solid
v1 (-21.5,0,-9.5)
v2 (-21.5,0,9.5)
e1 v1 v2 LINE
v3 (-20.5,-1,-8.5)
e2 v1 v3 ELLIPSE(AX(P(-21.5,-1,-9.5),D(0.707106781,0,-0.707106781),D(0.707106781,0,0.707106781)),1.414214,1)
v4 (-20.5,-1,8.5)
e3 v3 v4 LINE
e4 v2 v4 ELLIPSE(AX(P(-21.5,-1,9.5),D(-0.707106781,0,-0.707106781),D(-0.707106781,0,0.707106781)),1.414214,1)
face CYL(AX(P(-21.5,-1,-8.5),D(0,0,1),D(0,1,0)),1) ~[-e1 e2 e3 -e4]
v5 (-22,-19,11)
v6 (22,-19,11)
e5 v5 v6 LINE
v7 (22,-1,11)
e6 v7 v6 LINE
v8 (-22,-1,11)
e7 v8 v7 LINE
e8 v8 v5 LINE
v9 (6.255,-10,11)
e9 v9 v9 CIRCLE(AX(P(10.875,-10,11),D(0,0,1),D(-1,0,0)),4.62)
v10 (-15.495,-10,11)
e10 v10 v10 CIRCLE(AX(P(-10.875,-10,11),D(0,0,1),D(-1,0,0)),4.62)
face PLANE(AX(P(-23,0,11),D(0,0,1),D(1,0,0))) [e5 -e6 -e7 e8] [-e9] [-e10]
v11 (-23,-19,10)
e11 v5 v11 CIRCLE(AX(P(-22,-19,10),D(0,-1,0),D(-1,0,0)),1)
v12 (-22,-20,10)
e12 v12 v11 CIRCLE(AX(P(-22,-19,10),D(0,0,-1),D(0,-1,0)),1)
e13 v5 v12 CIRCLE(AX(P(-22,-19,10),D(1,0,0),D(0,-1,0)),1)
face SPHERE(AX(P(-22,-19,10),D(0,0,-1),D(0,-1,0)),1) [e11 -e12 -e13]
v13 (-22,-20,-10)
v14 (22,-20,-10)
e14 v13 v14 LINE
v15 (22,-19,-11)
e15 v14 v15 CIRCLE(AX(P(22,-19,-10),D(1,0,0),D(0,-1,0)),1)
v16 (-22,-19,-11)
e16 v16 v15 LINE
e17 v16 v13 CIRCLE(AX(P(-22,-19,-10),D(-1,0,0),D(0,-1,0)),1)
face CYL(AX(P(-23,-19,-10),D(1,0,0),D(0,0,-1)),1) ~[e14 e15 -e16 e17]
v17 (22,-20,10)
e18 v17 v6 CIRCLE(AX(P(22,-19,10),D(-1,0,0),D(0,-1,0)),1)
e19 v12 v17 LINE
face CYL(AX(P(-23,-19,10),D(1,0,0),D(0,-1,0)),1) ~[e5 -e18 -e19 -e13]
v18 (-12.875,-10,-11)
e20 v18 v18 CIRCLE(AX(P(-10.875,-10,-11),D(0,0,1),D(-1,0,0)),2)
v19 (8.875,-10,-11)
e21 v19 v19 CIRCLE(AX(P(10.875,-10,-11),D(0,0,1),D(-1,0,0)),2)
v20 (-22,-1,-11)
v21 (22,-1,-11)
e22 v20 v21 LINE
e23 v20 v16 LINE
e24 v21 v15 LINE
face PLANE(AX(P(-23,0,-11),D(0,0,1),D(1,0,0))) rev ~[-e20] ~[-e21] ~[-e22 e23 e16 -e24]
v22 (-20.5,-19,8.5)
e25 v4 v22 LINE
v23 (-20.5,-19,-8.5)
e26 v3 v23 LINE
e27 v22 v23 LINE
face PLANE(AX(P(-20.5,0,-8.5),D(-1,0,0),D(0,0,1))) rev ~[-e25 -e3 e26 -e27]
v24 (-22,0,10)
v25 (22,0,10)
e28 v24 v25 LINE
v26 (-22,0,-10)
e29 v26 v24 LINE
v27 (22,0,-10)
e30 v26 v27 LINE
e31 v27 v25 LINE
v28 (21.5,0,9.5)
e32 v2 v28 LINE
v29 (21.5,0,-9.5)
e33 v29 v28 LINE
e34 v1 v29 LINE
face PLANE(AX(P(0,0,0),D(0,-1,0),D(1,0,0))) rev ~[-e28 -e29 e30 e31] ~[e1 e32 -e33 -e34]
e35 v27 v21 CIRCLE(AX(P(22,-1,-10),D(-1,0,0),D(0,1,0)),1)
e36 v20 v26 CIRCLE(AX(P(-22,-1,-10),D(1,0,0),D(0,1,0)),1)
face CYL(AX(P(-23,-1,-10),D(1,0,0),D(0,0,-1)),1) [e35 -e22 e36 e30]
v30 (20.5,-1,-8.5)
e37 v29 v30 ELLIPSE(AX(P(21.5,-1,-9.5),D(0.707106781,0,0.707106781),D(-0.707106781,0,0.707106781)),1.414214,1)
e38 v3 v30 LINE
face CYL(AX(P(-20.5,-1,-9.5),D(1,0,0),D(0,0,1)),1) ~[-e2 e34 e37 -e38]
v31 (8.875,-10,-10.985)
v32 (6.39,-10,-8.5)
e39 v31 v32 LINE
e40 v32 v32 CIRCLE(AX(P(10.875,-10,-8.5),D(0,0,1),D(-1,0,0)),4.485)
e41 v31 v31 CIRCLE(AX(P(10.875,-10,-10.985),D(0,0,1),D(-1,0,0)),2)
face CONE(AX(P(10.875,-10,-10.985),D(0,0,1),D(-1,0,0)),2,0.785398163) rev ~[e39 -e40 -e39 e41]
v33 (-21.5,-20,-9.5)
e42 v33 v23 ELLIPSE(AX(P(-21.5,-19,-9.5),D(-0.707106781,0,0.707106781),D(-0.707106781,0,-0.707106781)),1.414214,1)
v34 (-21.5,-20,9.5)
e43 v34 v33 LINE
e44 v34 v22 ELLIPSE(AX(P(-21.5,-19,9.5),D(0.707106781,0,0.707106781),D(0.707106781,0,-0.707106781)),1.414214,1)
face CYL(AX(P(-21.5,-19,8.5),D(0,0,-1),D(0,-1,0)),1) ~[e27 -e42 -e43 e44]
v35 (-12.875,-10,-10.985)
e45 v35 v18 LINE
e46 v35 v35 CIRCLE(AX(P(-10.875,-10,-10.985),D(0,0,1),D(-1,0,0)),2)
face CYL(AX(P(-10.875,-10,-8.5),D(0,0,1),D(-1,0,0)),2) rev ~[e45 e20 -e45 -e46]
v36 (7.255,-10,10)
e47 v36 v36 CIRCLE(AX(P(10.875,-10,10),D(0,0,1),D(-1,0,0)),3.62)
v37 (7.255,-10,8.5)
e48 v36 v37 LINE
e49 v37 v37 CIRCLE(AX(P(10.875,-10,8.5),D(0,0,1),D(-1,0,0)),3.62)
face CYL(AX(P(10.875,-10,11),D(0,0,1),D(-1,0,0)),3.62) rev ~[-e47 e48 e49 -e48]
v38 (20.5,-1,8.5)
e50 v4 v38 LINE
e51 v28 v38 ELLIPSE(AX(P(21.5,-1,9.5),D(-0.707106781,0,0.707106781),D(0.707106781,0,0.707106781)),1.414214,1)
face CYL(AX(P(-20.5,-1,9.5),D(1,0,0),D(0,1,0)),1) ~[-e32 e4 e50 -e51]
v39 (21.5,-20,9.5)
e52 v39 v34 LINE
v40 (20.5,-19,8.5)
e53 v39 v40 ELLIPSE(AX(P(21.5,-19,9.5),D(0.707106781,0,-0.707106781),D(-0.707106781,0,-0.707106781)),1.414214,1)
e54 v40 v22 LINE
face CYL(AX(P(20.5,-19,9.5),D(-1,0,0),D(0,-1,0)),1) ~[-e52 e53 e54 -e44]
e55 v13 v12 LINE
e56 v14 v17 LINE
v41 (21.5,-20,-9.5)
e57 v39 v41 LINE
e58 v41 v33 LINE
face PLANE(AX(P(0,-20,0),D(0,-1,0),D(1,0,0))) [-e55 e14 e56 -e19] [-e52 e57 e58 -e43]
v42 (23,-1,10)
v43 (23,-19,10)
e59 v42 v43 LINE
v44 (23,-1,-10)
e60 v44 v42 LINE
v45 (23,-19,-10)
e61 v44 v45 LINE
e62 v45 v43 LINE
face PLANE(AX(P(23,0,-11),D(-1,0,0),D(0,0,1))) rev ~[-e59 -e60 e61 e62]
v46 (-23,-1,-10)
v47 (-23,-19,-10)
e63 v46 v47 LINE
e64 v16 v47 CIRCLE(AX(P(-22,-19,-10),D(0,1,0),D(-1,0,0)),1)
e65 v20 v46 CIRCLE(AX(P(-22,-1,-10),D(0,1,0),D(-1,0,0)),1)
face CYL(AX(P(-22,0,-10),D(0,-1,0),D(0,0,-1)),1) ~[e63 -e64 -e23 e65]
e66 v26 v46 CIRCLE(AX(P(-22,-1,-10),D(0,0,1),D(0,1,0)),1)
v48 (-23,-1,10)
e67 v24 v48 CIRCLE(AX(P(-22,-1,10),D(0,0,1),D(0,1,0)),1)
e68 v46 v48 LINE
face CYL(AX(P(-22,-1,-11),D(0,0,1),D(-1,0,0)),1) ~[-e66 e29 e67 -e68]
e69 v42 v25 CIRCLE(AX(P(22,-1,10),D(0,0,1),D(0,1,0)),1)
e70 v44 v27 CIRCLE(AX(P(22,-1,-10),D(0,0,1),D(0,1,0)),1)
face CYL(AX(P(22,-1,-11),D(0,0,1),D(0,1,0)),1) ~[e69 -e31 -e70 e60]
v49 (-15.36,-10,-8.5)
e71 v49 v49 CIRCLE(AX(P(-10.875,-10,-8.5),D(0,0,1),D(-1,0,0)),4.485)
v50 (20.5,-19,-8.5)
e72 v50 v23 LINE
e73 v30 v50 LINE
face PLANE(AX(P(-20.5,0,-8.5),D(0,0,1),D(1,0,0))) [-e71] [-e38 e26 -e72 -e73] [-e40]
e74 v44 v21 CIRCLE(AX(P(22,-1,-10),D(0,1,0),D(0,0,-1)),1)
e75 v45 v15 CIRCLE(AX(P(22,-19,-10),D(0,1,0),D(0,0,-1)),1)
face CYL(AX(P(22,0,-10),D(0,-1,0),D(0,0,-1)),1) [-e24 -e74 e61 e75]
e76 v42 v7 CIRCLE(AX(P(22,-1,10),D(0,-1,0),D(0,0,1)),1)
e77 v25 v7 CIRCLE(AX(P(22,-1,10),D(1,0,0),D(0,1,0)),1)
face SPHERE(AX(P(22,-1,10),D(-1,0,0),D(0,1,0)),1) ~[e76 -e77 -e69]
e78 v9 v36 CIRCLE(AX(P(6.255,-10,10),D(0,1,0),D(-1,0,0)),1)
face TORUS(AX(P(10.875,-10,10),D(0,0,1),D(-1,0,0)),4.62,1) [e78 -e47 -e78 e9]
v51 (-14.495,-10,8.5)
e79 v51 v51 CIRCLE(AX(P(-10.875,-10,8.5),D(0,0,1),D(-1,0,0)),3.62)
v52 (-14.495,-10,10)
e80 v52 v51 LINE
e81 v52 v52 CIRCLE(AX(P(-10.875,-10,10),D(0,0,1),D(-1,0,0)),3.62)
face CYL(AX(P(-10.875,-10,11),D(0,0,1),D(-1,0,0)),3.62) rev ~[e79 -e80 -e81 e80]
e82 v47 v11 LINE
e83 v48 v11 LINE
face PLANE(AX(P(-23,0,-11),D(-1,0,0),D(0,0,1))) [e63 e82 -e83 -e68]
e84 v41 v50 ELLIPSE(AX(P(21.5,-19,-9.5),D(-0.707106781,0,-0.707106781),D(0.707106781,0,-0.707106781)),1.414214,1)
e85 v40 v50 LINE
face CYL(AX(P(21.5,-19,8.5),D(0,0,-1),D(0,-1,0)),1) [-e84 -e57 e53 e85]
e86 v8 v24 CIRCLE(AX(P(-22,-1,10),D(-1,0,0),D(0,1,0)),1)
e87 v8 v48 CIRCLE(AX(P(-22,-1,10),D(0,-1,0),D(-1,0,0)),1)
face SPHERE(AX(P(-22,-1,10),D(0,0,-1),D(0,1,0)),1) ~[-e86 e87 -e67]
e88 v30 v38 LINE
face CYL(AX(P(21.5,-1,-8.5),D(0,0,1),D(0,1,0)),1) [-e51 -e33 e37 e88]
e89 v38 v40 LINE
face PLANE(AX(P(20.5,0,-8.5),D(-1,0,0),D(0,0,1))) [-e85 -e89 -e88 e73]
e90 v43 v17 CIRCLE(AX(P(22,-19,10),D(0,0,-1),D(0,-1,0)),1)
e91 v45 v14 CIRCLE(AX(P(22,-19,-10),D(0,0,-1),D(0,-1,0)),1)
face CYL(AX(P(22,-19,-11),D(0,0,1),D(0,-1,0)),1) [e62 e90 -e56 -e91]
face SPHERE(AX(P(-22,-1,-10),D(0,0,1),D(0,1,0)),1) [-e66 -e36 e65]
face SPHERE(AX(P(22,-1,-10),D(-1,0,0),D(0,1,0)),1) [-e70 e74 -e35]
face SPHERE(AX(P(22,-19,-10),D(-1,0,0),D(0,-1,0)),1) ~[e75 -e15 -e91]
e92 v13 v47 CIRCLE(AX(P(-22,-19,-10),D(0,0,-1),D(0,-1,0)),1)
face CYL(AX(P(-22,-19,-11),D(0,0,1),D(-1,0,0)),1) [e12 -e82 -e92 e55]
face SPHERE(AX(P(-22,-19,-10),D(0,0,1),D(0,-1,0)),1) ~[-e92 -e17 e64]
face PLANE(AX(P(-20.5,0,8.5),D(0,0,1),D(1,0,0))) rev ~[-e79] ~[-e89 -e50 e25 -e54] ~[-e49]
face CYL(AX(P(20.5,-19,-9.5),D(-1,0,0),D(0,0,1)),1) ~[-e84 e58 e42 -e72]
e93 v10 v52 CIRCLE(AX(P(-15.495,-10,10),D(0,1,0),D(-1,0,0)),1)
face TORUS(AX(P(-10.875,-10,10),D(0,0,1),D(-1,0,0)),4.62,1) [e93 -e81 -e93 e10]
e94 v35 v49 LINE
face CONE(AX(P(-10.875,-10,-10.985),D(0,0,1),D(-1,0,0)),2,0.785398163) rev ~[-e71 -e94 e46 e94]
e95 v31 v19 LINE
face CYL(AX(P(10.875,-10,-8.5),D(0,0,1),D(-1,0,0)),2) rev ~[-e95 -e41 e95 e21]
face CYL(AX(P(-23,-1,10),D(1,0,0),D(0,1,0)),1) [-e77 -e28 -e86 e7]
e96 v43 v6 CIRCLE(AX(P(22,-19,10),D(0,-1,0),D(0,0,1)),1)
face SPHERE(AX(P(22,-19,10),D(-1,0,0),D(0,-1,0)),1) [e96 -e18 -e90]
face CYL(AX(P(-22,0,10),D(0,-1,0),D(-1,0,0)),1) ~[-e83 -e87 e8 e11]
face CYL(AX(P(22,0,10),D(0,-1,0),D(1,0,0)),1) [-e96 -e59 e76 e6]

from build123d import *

# Parameters (mm, degrees)
SKETCH_W          = 46
SKETCH_H          = 22
PAD_DEPTH         = 20
SKETCH001_W       = 41
SKETCH001_H       = 17
POCKET_DEPTH      = 0.001
POCKET_DEPTH_BACK = 20.001
SKETCH002_R       = 3.62
POCKET001_DEPTH   = 3.5
SKETCH003_R       = 2
POCKET002_DEPTH   = 2.5
CHAMFER_SIZE      = 2.485
FILLET_R          = 1


with BuildPart() as part:
    # Sketch → Pad (new body)
    with BuildSketch(Plane.XZ):
        Rectangle(SKETCH_W, SKETCH_H)
    extrude(amount=PAD_DEPTH)

    # Sketch001 → Pocket (cut, two sides)
    with BuildSketch(Plane.XZ) as pocket_sk:
        Rectangle(SKETCH001_W, SKETCH001_H)
    extrude(amount=-POCKET_DEPTH, mode=Mode.SUBTRACT)
    extrude(pocket_sk.sketch, amount=POCKET_DEPTH_BACK, mode=Mode.SUBTRACT)

    # Sketch002 (on DatumPlane) → Pocket001 (cut)
    with BuildSketch(Plane(origin=(0, 0, 11), x_dir=(-1, 0, 0), z_dir=(0, 0, 1))):
        with Locations((-10.875, 10)):
            Circle(SKETCH002_R)
        with Locations((10.875, 10)):
            Circle(SKETCH002_R)
    extrude(amount=-POCKET001_DEPTH, mode=Mode.SUBTRACT)

    # Sketch003 (on DatumPlane) → Pocket002 (cut)
    with BuildSketch(Plane(origin=(0, 0, -8.5), x_dir=(-1, 0, 0), z_dir=(0, 0, 1))):
        with Locations((-10.875, 10)):
            Circle(SKETCH003_R)
        with Locations((10.875, 10)):
            Circle(SKETCH003_R)
    extrude(amount=-POCKET002_DEPTH, mode=Mode.SUBTRACT)

    # Chamfer
    chamfer_edges = [part.edges().sort_by_distance(p)[0] for p in [
        (-8.875, -10, -8.5),
        (12.875, -10, -8.5),
    ]]
    chamfer(chamfer_edges, length=CHAMFER_SIZE)

    # Fillet
    fillet_edges = [part.edges().sort_by_distance(p)[0] for p in [
        (-23, -20, 0),
        (0, -20, 11),
        (0, -20, -11),
        (23, -20, 0),
        (-20.5, -20, 0),
        (0, -20, 8.5),
        (20.5, -20, 0),
        (0, -20, -8.5),
        (-23, 0, 0),
        (0, 0, 11),
        (0, 0, -11),
        (23, 0, 0),
        (-20.5, 0, 0),
        (0, 0, 8.5),
        (20.5, 0, 0),
        (0, 0, -8.5),
        (23, -10, 11),
        (23, -10, -11),
        (-23, -10, -11),
        (-23, -10, 11),
        (-7.255, -10, 11),
        (14.495, -10, 11),
    ]]
    fillet(fillet_edges, radius=FILLET_R)


solid = part.part
